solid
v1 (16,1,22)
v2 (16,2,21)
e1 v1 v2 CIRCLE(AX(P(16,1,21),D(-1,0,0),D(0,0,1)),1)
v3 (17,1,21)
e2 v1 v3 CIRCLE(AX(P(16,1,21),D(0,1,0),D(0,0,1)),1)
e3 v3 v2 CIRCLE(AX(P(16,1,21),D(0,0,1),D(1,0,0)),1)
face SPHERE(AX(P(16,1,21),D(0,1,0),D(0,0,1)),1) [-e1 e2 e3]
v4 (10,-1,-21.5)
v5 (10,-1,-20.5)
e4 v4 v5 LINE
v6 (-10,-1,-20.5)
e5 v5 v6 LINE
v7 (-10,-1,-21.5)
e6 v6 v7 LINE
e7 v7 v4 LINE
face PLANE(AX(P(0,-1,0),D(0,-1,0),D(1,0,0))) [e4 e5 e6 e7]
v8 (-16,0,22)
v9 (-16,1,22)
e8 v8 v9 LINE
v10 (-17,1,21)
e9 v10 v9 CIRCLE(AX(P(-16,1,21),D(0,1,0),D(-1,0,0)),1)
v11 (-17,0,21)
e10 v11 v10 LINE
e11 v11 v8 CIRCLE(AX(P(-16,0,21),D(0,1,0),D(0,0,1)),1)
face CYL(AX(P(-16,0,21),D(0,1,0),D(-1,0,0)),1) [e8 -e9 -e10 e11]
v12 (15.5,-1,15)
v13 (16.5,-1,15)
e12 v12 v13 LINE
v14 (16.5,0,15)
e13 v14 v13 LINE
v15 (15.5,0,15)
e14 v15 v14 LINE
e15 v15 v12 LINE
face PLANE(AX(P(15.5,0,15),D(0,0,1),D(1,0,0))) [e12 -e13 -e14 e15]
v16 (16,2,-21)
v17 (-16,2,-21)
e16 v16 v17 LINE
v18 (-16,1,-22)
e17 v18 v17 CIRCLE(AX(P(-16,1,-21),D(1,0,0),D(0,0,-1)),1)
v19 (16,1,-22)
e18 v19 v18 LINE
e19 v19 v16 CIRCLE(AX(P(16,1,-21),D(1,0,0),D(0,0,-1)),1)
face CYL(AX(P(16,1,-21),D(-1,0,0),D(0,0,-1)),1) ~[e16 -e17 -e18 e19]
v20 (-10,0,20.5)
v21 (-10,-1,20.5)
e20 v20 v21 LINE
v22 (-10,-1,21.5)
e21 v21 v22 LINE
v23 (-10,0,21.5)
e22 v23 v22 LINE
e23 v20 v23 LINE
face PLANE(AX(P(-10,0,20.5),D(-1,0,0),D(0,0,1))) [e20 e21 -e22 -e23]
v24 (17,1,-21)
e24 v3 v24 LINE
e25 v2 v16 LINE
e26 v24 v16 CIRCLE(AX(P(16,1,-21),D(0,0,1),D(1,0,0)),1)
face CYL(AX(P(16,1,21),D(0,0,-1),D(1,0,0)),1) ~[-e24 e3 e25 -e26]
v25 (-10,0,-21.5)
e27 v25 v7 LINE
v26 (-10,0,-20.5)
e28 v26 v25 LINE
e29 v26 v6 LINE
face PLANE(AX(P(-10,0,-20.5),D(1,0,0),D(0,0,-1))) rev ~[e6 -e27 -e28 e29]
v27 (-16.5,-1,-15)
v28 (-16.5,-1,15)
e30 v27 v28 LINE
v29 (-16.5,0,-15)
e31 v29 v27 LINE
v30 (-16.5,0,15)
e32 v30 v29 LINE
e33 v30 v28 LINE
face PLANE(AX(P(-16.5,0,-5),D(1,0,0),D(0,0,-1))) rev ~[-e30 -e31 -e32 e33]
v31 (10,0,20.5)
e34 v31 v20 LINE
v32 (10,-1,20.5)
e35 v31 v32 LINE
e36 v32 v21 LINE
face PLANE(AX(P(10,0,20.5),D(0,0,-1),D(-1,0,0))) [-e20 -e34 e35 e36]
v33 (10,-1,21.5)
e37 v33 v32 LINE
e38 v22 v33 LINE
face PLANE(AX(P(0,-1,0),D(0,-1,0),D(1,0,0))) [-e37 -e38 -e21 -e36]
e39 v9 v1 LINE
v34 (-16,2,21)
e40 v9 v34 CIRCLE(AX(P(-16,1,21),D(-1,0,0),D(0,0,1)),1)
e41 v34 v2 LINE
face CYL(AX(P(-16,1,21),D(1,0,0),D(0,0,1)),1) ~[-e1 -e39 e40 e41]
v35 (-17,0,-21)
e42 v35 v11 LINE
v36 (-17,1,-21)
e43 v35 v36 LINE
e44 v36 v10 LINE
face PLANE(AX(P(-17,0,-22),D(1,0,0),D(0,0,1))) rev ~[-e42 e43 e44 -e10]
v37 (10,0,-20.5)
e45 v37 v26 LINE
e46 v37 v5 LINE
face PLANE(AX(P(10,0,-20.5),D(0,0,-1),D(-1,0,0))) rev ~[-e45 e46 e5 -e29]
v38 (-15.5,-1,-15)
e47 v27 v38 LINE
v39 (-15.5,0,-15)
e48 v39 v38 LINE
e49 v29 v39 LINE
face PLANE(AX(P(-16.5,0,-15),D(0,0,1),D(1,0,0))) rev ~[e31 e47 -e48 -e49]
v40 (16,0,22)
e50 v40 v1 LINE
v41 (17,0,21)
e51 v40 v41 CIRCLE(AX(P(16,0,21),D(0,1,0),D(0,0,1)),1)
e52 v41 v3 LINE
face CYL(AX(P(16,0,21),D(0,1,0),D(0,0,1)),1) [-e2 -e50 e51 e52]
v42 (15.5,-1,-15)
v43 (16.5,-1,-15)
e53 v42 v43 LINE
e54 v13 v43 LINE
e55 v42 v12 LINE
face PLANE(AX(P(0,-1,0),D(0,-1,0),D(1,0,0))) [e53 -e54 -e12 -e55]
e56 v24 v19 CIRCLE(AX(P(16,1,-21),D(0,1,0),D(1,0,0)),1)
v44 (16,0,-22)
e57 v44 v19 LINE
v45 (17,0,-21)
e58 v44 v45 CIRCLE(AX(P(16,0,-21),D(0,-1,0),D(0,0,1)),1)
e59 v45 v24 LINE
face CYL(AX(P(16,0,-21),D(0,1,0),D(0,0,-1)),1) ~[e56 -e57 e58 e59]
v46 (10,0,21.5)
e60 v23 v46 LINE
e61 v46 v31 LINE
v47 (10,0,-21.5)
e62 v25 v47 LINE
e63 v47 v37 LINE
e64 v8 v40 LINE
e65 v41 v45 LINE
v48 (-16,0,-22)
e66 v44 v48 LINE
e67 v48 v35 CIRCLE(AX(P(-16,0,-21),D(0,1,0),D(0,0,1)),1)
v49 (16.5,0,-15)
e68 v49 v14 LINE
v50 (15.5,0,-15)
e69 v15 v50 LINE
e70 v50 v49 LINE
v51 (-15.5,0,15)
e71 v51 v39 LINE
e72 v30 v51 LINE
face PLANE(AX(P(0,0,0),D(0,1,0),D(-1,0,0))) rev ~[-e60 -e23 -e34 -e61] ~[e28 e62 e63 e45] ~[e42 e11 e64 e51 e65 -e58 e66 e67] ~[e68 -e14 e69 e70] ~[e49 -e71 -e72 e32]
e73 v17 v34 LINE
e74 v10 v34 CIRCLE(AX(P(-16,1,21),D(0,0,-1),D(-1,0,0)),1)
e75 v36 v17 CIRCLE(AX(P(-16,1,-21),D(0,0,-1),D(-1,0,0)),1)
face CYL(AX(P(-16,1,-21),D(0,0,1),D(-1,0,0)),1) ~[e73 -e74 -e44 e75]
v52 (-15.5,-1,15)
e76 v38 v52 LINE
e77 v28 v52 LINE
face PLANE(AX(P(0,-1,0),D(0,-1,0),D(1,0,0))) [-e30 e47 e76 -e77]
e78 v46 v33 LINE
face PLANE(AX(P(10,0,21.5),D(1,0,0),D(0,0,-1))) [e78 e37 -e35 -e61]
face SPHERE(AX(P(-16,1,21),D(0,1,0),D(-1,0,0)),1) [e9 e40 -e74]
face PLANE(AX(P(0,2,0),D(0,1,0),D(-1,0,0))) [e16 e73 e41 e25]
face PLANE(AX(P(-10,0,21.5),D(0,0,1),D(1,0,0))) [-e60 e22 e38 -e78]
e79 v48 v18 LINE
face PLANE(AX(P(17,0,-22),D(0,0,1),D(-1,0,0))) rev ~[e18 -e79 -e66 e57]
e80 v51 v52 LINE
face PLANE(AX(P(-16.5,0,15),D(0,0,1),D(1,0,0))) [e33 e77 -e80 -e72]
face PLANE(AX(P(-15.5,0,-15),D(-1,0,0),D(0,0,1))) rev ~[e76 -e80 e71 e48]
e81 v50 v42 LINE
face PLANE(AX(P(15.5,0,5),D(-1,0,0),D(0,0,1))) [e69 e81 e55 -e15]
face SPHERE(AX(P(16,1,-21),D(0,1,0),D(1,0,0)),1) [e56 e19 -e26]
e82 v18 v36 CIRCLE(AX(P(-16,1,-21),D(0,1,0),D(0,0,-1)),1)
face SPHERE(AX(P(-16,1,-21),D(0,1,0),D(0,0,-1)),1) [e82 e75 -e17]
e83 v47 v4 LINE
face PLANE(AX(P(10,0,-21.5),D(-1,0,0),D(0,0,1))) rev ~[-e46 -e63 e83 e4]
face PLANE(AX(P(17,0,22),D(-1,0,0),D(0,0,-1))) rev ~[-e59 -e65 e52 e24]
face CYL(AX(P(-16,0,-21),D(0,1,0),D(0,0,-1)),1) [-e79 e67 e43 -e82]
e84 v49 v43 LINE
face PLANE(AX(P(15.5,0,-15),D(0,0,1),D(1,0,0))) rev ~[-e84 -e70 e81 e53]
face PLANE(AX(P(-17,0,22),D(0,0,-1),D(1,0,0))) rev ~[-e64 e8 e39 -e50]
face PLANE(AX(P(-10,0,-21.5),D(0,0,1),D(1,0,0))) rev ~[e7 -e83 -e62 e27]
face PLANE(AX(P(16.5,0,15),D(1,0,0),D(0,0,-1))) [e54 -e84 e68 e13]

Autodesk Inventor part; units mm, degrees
ref_plane "YZ Plane" through (0, 0, 0) normal (1, 0, 0) x (0, 1, 0)
ref_plane "XZ Plane" through (0, 0, 0) normal (0, 1, 0) x (-1, 0, 0)
ref_plane "XY Plane" through (0, 0, 0) normal (0, 0, 1) x (1, 0, 0)
sketch "Sketch4" plane through (0, 0, 0) normal (0, 1, 0) x (-1, 0, 0)
  line L0 (17, 22) -> (-17, 22)
  line L1 (-17, 22) -> (-17, -22)
  line L2 (-17, -22) -> (17, -22)
  line L3 (17, -22) -> (17, 22)
  line L4 (17, 22) -> (-17, -22) construction
  line L5 (-17, 22) -> (17, -22) construction
  point P0 (0, 0)
  dimension "d52" = 34
  dimension "d53" = 44
extrude "Extrusion5" add sketch "Sketch4" along normal blind 2
sketch "Sketch6" plane through (0, 0, 0) normal (0, -1, 0) x (1, 0, 0)
  line L0 (-16.5, -15) -> (-15.5, -15)
  line L1 (-15.5, -15) -> (-15.5, 5)
  line L2 (-15.5, 5) -> (-16.5, 5)
  line L3 (-16.5, 5) -> (-16.5, -15)
  line L4 (-15.5, -5) -> (-16.5, -5)
  line L5 (-16.5, -5) -> (-16.5, 15)
  line L6 (-16.5, 15) -> (-15.5, 15)
  line L7 (-15.5, 15) -> (-15.5, -5)
  line L8 (-10, 21.5) -> (10, 21.5)
  line L9 (10, 21.5) -> (10, 20.5)
  line L10 (10, 20.5) -> (-10, 20.5)
  line L11 (-10, 20.5) -> (-10, 21.5)
  line L12 (10, 21.5) -> (-10, 21.5)
  line L13 (-10, 21.5) -> (-10, 20.5)
  line L14 (-10, 20.5) -> (10, 20.5)
  line L15 (10, 20.5) -> (10, 21.5)
  line L16 (15.5, 15) -> (16.5, 15)
  line L17 (16.5, 15) -> (16.5, -5)
  line L18 (16.5, -5) -> (15.5, -5)
  line L19 (15.5, -5) -> (15.5, 15)
  line L20 (15.5, -15) -> (16.5, -15)
  line L21 (16.5, -15) -> (16.5, 5)
  line L22 (16.5, 5) -> (15.5, 5)
  line L23 (15.5, 5) -> (15.5, -15)
  line L24 (10, -20.5) -> (-10, -20.5)
  line L25 (-10, -20.5) -> (-10, -21.5)
  line L26 (-10, -21.5) -> (10, -21.5)
  line L27 (10, -21.5) -> (10, -20.5)
  line L28 (-10, -20.5) -> (10, -20.5)
  line L29 (10, -20.5) -> (10, -21.5)
  line L30 (10, -21.5) -> (-10, -21.5)
  line L31 (-10, -21.5) -> (-10, -20.5)
  line L32 (-17, 22) -> (-17, -22)
  line L33 (17, 22) -> (-17, 22)
  line L34 (17, -22) -> (17, 22)
  line L35 (-17, -22) -> (17, -22)
  line L36 (17, 22) -> (17, -22) projected
  line L37 (-17, -22) -> (-17, 22) projected
  line L38 (-17, 22) -> (17, 22) projected
  line L39 (17, -22) -> (-17, -22) projected
  point P0 (0, 0)
  point P1 (-16, 15)
  point P2 (-16, -5)
  point P3 (16, 15)
  point P4 (16, -15)
  point P5 (-10, -21)
  point P6 (-16, -15)
  dimension "d123" = 1
  dimension "d124" = 20
  dimension "d119" = 1
  dimension "d118" = 20
  dimension "d116" = 20
  dimension "d117" = 1
  dimension "d112" = 20
  dimension "d113" = 1
  dimension "d108" = 1
  dimension "d109" = 20
  dimension "d104" = 1
  dimension "d105" = 20
  dimension "d101" = 20
  dimension "d102" = 1
  dimension "d97" = 20
  dimension "d98" = 1
  dimension "d114" = 7
  dimension "d115" = 0.5
  dimension "d111" = 0.5
  dimension "d110" = 7
  dimension "d107" = 7
  dimension "d106" = 0.5
  dimension "d103" = 0.5
  dimension "d95" = 7
  dimension "d99" = 7
  dimension "d100" = 0.5
  dimension "d96" = 0.5
  dimension "d94" = 7
  dimension "d93" = 7
  dimension "d122" = 0.5
  dimension "d120" = 7
  dimension "d121" = 0.5
  dimension "d133" = 0
  dimension "d134" = 0
  dimension "d135" = 0
  dimension "d136" = 0
extrude "Extrusion7" add sketch "Sketch6" along normal blind 1 contours L3 L4 L1 L0 | L3 L2 L1 L4 | L5 L6 L7 L2 | L8 L9 L10 L11 | L16 L17 L22 L19 | L22 L17 L18 L19 | L18 L21 L20 L23 | L27 L26 L25 L24
fillet "Fillet9" radius 1 1 edges at (17, 1, -22)
fillet "Fillet10" radius 1 1 edges at (-17, 1, -22)
fillet "Fillet11" radius 1 1 edges at (-17, 1, 22)
fillet "Fillet12" radius 1 1 edges at (17, 1, 22)
fillet "Fillet13" radius 1 8 edges at (-16.7071, 2, -21.7071) (-17, 2, 0) (-16.7071, 2, 21.7071) (0, 2, 22) (16.7071, 2, 21.7071) (17, 2, 0) (16.7071, 2, -21.7071) (0, 2, -22)
properties part number "block_main" material "PC/ABS Plastic"
